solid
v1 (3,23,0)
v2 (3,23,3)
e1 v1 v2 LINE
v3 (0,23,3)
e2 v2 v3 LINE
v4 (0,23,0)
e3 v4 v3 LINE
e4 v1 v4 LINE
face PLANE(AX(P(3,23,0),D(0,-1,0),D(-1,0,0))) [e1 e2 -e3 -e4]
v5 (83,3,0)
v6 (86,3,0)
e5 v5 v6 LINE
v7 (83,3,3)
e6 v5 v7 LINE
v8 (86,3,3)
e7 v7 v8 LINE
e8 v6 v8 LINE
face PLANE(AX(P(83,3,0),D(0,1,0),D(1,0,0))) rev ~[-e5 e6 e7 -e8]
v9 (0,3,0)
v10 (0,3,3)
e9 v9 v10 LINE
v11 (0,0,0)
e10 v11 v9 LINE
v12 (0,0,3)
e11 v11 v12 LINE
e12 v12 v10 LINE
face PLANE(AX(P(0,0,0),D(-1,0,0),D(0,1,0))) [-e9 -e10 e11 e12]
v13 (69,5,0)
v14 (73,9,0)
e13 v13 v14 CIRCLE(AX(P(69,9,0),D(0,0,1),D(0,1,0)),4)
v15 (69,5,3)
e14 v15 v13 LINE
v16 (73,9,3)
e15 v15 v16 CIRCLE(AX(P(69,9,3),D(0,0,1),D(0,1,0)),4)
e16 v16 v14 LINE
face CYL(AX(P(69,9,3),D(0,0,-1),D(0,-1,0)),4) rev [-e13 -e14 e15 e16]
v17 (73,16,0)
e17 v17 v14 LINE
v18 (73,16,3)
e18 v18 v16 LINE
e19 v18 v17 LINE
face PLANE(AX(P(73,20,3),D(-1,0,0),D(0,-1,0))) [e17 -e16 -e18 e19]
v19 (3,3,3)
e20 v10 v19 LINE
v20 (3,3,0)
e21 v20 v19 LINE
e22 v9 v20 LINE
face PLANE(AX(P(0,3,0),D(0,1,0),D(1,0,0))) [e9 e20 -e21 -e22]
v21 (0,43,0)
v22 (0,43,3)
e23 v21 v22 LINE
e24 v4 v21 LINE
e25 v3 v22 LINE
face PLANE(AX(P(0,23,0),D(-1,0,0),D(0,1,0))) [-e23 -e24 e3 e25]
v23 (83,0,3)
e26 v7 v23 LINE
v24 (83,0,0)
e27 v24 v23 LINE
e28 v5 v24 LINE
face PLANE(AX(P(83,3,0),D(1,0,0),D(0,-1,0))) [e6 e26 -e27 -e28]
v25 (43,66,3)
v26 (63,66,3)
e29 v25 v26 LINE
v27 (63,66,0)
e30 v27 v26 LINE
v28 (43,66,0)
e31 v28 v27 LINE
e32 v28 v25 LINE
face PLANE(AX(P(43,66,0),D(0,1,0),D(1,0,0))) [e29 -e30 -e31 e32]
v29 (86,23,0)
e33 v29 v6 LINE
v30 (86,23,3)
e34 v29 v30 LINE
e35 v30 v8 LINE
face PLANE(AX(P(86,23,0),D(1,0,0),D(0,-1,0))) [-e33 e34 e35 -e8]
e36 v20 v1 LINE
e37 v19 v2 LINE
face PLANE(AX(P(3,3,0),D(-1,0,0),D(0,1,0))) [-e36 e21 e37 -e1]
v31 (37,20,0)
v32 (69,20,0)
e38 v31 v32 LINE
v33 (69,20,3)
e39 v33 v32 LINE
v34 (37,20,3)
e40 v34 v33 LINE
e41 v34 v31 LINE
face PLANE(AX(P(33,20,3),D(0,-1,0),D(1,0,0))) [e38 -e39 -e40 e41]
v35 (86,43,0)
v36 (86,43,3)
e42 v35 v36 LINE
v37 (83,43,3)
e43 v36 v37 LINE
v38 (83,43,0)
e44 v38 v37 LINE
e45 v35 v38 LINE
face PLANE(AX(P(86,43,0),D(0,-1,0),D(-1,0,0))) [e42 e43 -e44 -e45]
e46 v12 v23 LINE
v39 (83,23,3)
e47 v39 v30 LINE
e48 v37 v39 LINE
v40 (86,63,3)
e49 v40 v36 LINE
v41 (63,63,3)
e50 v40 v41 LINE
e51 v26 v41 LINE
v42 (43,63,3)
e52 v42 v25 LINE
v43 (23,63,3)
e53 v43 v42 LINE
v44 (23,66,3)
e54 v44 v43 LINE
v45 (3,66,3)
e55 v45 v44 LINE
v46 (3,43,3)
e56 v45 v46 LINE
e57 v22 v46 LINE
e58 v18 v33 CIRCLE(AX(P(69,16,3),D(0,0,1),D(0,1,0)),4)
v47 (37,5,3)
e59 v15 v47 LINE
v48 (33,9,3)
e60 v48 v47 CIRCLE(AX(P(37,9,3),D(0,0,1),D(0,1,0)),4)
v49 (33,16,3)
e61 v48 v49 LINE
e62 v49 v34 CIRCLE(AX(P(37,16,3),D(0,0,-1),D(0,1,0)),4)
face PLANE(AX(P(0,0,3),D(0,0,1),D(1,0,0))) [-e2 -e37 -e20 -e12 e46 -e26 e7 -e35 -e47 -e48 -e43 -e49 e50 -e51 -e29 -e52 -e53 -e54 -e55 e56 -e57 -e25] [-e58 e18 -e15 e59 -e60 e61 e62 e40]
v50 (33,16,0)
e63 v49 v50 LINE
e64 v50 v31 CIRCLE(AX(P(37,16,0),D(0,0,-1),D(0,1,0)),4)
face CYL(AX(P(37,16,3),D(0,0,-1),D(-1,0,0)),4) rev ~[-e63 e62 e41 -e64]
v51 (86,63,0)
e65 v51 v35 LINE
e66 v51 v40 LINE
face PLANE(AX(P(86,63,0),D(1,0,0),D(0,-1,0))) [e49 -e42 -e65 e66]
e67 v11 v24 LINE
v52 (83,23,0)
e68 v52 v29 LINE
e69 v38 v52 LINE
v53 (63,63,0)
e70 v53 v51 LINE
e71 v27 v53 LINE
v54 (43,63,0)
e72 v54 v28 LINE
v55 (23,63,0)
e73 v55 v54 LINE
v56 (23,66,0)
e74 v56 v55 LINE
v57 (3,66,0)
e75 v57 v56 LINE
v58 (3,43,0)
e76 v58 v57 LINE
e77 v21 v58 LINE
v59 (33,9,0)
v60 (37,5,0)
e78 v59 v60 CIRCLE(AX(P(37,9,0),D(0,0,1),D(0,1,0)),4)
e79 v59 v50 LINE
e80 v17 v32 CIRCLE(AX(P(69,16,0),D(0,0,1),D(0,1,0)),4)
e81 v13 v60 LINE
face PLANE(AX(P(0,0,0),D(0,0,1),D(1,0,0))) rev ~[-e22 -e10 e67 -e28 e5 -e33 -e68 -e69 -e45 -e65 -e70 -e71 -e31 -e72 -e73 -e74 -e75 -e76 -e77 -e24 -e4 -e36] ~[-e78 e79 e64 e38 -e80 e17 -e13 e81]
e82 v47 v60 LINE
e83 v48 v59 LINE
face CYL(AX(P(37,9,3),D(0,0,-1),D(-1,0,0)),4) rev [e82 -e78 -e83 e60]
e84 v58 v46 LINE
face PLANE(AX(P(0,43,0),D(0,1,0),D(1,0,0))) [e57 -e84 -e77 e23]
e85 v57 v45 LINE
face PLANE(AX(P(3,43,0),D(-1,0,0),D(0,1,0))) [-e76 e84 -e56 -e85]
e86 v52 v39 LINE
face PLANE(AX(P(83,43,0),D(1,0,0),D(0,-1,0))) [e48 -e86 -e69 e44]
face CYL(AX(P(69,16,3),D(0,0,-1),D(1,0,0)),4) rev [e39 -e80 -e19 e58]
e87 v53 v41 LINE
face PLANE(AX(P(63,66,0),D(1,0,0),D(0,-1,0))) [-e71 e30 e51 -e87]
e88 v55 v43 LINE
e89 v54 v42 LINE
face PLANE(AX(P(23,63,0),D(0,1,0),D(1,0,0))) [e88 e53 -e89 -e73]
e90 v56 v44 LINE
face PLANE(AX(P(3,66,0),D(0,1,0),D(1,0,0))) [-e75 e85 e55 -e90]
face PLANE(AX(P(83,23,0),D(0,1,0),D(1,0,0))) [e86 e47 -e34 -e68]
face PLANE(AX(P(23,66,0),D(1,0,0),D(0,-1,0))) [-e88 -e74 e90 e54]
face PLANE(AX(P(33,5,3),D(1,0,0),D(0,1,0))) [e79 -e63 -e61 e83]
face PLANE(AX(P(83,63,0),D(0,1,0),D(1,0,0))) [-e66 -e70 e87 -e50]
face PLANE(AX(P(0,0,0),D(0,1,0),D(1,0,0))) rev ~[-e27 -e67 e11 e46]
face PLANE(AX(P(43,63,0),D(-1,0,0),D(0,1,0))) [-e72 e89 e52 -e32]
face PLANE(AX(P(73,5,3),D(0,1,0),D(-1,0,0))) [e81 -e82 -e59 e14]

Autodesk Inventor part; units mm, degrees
ref_plane "YZ Plane" through (0, 0, 0) normal (1, 0, 0) x (0, 1, 0)
ref_plane "XZ Plane" through (0, 0, 0) normal (0, 1, 0) x (-1, 0, 0)
ref_plane "XY Plane" through (0, 0, 0) normal (0, 0, 1) x (1, 0, 0)
sketch "Sketch1" plane through (0, 0, 0) normal (0, 0, 1) x (1, 0, 0)
  line L0 (0, 0) -> (83, 0)
  line L1 (0, 0) -> (0, 3)
  line L2 (0, 3) -> (3, 3)
  line L3 (3, 3) -> (3, 23)
  line L4 (3, 23) -> (0, 23)
  line L5 (0, 23) -> (0, 43)
  line L6 (0, 43) -> (3, 43)
  line L7 (3, 43) -> (3, 63)
  line L8 (3, 63) -> (3, 66)
  line L9 (3, 66) -> (23, 66)
  line L10 (23, 66) -> (23, 63)
  line L11 (23, 63) -> (43, 63)
  line L12 (43, 63) -> (43, 66)
  line L13 (43, 66) -> (63, 66)
  line L14 (63, 66) -> (63, 63)
  line L15 (63, 63) -> (83, 63)
  line L16 (83, 63) -> (86, 63)
  line L17 (86, 63) -> (86, 43)
  line L18 (86, 43) -> (83, 43)
  line L19 (83, 43) -> (83, 23)
  line L20 (83, 23) -> (86, 23)
  line L21 (86, 23) -> (86, 3)
  line L22 (83, 3) -> (83, 0)
  line L23 (83, 3) -> (86, 3)
  dimension "d0" = 83
  dimension "d1" = 3
  dimension "d2" = 3
  dimension "d3" = 20
  dimension "d4" = 20
  dimension "d5" = 20
  dimension "d6" = 3
  dimension "d7" = 20
  dimension "d8" = 20
  dimension "d9" = 20
  dimension "d10" = 20
  dimension "d11" = 3
  dimension "d12" = 20
  dimension "d13" = 3
  dimension "d14" = 20
  dimension "d16" = 20
extrude "Extrusion1" add sketch "Sketch1" along normal blind 3
sketch "Sketch2" plane through (0, 0, 3) normal (0, 0, 1) x (1, 0, 0)
  line L0 (33, 20) -> (73, 20)
  line L1 (73, 20) -> (73, 5)
  line L2 (73, 5) -> (33, 5)
  line L3 (33, 5) -> (33, 20)
  line L4 (0, 0) -> (83, 0) projected
  line L5 (83, 23) -> (83, 43) projected
  dimension "d19" = 5
  dimension "d20" = 10
  dimension "d21" = 15
  dimension "d22" = 40
extrude "Extrusion2" cut sketch "Sketch2" against normal through all
fillet "Fillet1" radius 4 4 edges at (73, 5, 1.5) (73, 20, 1.5) (33, 20, 1.5) (33, 5, 1.5)
properties part number "ControlBoxSide" material "Wood (Birch)"
